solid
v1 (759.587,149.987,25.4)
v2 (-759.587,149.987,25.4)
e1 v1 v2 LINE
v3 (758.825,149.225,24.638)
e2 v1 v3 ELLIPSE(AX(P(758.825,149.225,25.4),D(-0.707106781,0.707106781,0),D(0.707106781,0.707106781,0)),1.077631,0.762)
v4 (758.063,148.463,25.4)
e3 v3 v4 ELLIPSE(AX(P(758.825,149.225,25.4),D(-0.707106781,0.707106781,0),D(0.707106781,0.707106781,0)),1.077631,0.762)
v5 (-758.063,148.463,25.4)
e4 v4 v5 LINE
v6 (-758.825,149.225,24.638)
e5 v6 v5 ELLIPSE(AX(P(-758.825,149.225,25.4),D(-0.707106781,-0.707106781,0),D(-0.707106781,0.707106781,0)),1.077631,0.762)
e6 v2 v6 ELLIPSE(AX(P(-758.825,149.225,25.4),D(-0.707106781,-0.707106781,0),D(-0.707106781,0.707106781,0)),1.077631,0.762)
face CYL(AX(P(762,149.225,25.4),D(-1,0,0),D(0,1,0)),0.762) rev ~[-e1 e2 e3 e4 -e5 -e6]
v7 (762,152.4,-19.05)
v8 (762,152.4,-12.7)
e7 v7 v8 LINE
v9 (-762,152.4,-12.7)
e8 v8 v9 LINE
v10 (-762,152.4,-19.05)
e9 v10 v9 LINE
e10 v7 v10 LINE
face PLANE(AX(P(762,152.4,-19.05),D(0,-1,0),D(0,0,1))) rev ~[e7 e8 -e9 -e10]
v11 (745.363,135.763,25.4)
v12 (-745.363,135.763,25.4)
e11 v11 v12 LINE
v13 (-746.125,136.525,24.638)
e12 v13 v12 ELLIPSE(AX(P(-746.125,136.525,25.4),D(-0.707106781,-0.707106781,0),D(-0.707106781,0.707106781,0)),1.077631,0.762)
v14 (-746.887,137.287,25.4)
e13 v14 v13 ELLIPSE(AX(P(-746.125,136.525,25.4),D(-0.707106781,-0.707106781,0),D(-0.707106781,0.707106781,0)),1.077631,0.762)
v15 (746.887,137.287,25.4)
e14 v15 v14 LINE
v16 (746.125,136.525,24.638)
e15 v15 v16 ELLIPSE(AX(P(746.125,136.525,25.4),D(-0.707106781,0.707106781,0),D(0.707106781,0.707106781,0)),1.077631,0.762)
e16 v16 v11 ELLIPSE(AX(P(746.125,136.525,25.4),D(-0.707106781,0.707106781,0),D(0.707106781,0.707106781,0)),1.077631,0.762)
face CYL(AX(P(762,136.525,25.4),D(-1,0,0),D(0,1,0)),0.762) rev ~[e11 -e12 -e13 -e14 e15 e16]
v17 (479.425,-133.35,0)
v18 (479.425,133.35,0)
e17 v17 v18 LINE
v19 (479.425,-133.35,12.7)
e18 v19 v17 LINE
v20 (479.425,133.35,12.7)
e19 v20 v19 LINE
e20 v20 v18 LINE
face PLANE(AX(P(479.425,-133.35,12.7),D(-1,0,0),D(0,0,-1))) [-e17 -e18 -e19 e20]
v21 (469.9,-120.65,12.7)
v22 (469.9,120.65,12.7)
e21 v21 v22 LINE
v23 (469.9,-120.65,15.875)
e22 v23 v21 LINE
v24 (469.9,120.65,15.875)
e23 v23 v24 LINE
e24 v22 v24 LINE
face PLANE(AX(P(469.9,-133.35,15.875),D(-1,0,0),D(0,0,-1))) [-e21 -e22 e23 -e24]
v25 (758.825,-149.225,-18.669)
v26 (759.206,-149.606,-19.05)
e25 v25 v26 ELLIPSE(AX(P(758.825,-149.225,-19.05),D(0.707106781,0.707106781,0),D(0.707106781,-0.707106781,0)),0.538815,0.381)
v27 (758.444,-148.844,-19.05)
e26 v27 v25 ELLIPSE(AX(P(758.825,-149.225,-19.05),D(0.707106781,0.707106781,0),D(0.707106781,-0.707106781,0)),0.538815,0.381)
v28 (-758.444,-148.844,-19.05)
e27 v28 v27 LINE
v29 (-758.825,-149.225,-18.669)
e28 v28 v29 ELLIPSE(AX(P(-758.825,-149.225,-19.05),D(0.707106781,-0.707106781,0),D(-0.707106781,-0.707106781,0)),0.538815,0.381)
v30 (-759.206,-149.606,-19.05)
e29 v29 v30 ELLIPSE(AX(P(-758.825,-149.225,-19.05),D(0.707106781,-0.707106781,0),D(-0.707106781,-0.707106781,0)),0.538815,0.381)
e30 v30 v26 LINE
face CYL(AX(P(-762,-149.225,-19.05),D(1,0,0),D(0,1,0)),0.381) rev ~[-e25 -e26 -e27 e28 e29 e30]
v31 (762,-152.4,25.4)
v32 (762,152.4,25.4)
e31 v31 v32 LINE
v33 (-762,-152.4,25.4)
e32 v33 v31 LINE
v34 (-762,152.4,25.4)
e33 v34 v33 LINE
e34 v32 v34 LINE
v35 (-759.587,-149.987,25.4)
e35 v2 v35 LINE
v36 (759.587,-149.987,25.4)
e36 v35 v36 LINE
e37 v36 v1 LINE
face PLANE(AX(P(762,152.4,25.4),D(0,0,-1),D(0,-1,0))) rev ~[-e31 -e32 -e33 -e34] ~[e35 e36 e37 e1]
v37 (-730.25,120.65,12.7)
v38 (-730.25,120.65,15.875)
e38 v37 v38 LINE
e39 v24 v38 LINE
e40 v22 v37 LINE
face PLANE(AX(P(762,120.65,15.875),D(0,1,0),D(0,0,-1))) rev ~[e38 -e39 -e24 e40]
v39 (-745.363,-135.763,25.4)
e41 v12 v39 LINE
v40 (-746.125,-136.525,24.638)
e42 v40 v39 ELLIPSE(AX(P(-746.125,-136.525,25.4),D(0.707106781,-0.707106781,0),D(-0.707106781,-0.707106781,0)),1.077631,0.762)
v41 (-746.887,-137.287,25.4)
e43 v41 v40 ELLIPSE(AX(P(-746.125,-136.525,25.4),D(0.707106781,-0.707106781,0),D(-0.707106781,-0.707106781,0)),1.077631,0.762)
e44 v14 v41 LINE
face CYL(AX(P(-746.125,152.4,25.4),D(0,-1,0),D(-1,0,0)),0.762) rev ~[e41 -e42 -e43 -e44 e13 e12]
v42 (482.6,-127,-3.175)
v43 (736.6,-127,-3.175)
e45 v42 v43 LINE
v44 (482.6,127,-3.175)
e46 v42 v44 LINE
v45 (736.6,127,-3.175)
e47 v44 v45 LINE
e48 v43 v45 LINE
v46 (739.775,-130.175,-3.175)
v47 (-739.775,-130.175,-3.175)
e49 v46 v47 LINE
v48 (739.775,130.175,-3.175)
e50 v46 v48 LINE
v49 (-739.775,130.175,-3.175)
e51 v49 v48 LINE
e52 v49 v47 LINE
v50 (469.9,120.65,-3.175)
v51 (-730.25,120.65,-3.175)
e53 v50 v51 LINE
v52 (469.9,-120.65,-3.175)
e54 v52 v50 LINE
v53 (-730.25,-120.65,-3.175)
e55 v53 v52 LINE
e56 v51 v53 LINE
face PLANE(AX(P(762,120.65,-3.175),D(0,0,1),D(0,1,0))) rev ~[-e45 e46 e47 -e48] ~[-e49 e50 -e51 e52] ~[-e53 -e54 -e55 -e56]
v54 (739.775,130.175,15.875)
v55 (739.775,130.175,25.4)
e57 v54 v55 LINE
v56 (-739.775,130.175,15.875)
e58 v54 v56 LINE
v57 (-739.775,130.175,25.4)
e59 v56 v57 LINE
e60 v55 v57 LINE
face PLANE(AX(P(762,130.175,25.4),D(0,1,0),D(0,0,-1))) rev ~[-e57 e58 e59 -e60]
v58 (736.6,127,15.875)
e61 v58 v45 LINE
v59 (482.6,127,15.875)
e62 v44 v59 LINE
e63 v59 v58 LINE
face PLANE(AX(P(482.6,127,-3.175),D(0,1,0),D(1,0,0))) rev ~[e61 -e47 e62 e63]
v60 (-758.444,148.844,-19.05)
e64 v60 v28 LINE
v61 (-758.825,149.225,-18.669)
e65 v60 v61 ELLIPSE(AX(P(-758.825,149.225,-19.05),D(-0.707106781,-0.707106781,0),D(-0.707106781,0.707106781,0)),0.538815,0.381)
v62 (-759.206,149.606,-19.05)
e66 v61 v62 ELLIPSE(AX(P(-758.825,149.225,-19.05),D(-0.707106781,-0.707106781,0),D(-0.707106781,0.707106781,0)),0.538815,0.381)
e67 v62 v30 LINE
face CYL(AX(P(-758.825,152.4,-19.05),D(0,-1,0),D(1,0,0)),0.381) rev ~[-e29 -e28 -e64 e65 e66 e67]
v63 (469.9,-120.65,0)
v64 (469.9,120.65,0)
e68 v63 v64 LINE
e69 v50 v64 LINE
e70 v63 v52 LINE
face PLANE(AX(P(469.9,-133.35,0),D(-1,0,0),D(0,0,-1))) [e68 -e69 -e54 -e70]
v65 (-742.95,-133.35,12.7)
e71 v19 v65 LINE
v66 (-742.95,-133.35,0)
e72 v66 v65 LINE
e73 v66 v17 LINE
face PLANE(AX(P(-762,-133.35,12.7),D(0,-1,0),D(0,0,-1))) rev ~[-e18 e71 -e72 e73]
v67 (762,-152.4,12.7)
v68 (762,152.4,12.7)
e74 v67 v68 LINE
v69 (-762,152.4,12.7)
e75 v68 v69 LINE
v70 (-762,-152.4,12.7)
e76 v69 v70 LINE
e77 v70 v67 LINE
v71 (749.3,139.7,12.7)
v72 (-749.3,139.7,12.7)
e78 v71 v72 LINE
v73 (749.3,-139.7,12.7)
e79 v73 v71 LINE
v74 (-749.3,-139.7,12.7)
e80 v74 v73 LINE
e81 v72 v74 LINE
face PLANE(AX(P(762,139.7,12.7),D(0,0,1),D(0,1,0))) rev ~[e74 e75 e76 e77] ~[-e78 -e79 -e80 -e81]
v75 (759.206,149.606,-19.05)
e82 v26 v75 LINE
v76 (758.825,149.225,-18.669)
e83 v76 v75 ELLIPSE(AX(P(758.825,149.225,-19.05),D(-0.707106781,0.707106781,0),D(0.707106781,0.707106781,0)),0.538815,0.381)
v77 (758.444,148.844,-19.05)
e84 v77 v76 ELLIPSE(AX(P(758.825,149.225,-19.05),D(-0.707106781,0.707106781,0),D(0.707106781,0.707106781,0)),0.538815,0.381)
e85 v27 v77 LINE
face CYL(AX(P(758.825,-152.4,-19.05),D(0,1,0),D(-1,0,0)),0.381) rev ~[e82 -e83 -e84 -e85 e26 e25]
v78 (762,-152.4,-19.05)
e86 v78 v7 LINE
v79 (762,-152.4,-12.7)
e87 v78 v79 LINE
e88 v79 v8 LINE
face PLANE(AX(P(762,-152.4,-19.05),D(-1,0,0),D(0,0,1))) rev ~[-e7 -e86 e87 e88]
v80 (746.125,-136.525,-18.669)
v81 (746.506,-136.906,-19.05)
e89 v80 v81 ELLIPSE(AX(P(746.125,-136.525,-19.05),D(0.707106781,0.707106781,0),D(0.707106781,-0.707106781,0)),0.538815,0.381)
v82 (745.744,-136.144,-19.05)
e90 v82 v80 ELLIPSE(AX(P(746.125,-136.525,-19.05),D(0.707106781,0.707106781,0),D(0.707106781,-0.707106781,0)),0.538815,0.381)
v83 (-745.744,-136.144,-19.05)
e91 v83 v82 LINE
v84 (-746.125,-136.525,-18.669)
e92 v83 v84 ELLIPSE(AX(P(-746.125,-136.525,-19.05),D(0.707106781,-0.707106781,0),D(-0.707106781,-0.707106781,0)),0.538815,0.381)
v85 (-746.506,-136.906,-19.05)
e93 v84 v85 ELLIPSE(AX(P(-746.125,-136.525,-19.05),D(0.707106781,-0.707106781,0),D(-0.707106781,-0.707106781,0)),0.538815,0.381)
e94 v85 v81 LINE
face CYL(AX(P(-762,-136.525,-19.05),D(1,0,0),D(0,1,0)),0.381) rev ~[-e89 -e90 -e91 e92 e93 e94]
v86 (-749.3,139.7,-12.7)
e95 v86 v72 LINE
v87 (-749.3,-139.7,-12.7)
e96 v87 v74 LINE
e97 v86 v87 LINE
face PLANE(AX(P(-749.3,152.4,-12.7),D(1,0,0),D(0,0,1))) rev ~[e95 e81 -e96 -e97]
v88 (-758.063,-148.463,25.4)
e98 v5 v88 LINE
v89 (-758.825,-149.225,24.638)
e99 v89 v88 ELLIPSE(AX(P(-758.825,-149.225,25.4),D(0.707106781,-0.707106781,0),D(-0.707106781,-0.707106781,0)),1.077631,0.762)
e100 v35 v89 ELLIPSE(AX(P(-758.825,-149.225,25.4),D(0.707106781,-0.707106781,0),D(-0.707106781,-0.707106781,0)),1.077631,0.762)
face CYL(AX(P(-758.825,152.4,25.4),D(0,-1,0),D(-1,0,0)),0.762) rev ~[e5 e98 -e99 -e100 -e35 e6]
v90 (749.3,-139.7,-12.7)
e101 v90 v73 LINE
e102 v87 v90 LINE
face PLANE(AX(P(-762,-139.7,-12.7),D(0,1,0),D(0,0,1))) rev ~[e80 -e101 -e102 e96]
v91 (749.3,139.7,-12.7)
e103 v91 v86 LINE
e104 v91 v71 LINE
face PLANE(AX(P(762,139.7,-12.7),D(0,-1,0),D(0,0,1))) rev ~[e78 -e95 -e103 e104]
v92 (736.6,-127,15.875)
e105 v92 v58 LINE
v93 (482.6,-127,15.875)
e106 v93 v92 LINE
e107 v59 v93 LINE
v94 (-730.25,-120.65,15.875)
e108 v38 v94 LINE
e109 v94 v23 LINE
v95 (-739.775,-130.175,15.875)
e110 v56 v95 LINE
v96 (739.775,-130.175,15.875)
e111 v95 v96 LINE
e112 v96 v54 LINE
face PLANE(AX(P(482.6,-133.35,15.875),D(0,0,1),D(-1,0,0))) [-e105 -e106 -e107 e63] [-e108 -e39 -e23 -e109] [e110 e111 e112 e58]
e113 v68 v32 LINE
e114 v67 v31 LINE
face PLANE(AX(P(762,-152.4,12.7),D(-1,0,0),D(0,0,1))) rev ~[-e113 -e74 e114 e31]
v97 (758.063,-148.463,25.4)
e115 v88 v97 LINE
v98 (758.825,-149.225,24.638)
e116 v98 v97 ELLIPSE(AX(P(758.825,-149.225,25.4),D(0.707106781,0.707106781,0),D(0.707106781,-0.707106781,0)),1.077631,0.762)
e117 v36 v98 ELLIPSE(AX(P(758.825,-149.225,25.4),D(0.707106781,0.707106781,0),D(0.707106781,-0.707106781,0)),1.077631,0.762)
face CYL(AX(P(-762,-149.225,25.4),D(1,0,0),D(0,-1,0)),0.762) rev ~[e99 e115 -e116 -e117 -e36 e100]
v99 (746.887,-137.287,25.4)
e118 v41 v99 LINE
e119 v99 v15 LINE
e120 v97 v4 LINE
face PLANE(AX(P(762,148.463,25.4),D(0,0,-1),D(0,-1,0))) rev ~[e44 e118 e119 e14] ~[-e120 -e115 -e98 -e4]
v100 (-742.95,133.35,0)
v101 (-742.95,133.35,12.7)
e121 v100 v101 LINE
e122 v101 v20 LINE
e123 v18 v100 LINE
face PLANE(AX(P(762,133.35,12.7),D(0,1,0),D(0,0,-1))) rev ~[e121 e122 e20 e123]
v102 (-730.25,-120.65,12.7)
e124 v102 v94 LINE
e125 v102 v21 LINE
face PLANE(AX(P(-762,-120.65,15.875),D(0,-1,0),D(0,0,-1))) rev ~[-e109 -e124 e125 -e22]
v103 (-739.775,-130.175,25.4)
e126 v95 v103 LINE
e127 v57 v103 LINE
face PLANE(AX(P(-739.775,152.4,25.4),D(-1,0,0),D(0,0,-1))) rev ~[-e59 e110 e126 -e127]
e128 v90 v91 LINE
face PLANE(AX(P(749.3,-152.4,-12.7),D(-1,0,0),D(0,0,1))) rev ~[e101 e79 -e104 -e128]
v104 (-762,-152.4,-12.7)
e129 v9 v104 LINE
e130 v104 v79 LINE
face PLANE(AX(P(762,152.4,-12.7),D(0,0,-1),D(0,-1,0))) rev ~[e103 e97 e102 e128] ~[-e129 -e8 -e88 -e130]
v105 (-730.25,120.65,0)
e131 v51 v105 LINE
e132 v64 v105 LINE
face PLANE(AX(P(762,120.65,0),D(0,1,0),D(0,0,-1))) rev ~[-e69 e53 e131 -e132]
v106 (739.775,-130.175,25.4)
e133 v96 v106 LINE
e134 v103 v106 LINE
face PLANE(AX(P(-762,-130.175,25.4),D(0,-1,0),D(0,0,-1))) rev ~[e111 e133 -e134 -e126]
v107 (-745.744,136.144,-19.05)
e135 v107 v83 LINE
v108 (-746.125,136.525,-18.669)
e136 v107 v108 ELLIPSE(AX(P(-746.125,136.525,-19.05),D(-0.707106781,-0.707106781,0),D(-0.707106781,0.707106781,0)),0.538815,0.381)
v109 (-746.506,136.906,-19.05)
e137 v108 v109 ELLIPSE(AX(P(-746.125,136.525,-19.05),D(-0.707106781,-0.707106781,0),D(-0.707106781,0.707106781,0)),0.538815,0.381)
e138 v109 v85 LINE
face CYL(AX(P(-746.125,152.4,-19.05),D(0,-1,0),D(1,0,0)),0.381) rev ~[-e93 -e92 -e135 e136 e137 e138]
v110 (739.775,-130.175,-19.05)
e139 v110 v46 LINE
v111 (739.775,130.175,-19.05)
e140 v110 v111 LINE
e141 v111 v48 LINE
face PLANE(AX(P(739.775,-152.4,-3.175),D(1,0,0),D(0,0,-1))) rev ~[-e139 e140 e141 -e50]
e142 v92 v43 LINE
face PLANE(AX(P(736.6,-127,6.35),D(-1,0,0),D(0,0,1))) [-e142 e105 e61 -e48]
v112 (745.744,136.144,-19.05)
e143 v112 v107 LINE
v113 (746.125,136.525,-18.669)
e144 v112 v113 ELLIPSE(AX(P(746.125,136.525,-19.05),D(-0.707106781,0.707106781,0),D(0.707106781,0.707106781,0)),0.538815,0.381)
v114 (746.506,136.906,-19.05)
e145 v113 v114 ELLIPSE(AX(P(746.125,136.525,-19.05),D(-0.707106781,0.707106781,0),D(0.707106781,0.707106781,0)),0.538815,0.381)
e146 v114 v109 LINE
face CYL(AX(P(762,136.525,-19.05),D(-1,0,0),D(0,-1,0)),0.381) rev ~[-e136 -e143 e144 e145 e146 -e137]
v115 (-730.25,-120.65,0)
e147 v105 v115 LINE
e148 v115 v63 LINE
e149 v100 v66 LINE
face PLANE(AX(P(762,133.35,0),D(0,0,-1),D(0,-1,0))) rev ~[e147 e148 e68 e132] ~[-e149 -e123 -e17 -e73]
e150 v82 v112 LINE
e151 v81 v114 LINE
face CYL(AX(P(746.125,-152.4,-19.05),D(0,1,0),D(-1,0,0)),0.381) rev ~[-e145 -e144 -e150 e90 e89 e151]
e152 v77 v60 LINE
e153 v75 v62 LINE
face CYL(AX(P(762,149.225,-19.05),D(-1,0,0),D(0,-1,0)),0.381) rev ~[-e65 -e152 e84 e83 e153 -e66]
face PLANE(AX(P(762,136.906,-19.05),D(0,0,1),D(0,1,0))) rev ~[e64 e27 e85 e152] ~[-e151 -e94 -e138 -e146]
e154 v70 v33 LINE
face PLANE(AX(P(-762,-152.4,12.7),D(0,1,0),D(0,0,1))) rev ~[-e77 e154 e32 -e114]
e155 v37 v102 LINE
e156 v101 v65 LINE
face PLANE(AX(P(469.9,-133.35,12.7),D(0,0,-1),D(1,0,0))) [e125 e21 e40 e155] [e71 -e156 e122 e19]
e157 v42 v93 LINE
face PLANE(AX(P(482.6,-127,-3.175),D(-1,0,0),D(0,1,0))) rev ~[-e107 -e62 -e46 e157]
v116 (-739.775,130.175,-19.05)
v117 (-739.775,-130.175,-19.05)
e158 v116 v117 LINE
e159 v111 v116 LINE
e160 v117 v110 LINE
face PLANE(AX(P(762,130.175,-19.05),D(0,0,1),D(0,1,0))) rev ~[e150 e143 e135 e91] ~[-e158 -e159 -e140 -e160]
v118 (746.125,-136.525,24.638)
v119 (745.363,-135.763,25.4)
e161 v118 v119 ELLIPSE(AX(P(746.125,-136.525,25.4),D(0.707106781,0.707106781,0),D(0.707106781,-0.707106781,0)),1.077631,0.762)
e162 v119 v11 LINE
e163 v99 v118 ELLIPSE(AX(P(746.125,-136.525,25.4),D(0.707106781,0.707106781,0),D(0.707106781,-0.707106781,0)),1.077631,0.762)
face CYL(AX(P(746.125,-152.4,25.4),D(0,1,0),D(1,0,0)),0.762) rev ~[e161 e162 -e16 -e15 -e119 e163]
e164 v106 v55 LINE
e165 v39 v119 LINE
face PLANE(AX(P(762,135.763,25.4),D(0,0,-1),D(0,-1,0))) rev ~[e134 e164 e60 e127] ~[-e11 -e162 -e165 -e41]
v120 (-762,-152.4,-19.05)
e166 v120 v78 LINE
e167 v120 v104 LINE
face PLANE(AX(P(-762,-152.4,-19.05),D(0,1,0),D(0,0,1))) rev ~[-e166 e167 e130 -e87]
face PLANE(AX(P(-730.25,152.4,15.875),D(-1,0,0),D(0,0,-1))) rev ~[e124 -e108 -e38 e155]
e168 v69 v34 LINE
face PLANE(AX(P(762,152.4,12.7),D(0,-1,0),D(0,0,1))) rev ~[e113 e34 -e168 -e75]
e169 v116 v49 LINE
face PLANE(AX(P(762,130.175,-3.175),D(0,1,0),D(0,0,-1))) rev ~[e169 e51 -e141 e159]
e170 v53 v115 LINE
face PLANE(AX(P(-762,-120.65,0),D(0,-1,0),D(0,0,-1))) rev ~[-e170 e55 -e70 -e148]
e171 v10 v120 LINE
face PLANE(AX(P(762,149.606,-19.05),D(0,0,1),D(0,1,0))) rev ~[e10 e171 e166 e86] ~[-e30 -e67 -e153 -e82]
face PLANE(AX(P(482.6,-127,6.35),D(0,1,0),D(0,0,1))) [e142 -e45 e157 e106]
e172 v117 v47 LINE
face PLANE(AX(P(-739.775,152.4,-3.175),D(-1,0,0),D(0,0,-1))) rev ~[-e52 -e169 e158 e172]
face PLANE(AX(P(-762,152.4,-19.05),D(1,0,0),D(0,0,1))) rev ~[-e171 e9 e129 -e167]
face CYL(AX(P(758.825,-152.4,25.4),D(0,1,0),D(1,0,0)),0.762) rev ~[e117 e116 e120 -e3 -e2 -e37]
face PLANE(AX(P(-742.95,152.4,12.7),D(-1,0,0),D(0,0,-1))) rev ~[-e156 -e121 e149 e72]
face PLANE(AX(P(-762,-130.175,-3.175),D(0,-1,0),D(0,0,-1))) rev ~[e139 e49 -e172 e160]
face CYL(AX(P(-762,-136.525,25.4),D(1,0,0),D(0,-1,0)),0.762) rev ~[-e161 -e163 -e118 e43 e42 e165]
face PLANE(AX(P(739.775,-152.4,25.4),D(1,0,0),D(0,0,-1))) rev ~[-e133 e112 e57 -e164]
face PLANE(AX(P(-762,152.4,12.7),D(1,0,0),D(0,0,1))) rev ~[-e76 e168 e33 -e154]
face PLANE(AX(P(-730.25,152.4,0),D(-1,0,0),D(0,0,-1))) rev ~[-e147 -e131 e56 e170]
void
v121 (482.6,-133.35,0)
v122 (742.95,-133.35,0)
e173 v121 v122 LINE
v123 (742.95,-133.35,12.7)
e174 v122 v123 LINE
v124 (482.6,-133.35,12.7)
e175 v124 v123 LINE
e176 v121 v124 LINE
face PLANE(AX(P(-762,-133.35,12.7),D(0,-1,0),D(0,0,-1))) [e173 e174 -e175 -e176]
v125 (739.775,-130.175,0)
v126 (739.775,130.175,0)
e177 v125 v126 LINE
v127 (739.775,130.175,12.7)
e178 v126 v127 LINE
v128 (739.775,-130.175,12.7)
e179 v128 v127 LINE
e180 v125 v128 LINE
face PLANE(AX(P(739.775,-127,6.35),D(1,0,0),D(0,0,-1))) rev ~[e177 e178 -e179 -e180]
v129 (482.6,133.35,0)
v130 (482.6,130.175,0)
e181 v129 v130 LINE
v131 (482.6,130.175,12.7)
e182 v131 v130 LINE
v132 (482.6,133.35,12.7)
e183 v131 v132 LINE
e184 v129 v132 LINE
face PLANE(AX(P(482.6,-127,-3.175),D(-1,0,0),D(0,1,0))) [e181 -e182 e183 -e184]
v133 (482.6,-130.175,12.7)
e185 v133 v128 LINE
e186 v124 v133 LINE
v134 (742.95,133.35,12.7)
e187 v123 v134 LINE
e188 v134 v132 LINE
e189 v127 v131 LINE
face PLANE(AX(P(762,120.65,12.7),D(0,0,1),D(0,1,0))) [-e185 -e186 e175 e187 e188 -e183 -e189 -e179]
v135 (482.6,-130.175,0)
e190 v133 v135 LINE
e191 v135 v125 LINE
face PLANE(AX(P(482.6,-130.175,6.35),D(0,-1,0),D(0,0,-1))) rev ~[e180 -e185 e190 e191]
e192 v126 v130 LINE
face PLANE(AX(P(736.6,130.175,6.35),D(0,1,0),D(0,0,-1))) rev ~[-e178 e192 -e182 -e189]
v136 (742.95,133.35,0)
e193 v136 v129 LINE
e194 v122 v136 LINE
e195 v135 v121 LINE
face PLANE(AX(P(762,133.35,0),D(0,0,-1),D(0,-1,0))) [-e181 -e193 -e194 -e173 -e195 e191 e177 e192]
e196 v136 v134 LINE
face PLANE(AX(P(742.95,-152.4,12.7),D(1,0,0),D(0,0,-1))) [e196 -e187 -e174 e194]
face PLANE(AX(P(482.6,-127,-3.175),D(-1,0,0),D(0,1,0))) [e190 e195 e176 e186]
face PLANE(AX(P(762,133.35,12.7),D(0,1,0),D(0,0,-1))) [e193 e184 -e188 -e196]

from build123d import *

# Parameters (mm, degrees)
CUT_EXTRUDE1_START  = -19.05
SKETCH3_W           = 254
SKETCH3_H           = 254
CUT_EXTRUDE1_DEPTH  = 19.05
BOSS_EXTRUDE1_DEPTH = 266.7
SKETCH7_W           = 12.7
SKETCH7_H           = 3.175


with BuildPart() as part:
    # Sweep1: sweep along a path in Sketch2
    with BuildLine(Plane.XY) as sweep1_path:
        Line((762, 152.4), (-762, 152.4))
        Line((-762, 152.4), (-762, -152.4))
        Line((-762, -152.4), (762, -152.4))
        Line((762, -152.4), (762, 152.4))
    # Sketch1 → Sweep1 (sweep)
    with BuildSketch(Plane(origin=(0, 0, 0), x_dir=(1, 0, 0), z_dir=(0, 1, 0))):
        with BuildLine():
            Line((-762, -25.4), (-759.587, -25.4))
            ThreePointArc((-759.587, -25.4), (-758.825, -24.638), (-758.063, -25.4))
            Line((-758.063, -25.4), (-746.887, -25.4))
            ThreePointArc((-746.887, -25.4), (-746.125, -24.638), (-745.363, -25.4))
            Line((-745.363, -25.4), (-739.775, -25.4))
            Line((-739.775, -25.4), (-739.775, -15.875))
            Line((-739.775, -15.875), (-730.25, -15.875))
            Line((-730.25, -15.875), (-730.25, -12.7))
            Line((-730.25, -12.7), (-742.95, -12.7))
            Line((-742.95, -12.7), (-742.95, 0))
            Line((-742.95, 0), (-730.25, 0))
            Line((-730.25, 0), (-730.25, 3.175))
            Line((-730.25, 3.175), (-739.775, 3.175))
            Line((-739.775, 3.175), (-739.775, 19.05))
            Line((-739.775, 19.05), (-745.744, 19.05))
            ThreePointArc((-745.744, 19.05), (-746.125, 18.669), (-746.506, 19.05))
            Line((-746.506, 19.05), (-758.444, 19.05))
            ThreePointArc((-758.444, 19.05), (-758.825, 18.669), (-759.206, 19.05))
            Line((-759.206, 19.05), (-762, 19.05))
            Line((-762, 19.05), (-762, 12.7))
            Line((-762, 12.7), (-749.3, 12.7))
            Line((-749.3, 12.7), (-749.3, -12.7))
            Line((-749.3, -12.7), (-762, -12.7))
            Line((-762, -12.7), (-762, -25.4))
        make_face()
    sweep(path=sweep1_path.line, transition=Transition.RIGHT)

    # Sketch3 → Cut-Extrude1 (cut)
    with BuildSketch(Plane.XY.offset(15.875).offset(CUT_EXTRUDE1_START)):
        with Locations((609.6, 0)):
            Rectangle(SKETCH3_W, SKETCH3_H)
    extrude(amount=CUT_EXTRUDE1_DEPTH, mode=Mode.SUBTRACT)

    # Sketch6 → Boss-Extrude1 (add)
    with BuildSketch(Plane(origin=(0, -133.35, 0), x_dir=(1, 0, 0), z_dir=(0, 1, 0))):
        Polygon((482.6, 3.175), (482.6, -15.875), (469.9, -15.875), (469.9, -12.7), (479.425, -12.7), (479.425, 0), (469.9, 0), (469.9, 3.175), align=None)
    extrude(amount=BOSS_EXTRUDE1_DEPTH)

    # Sweep2: sweep along a path in Sketch8
    with BuildLine(Plane(origin=(0, 0, -3.175), x_dir=(-1, 0, 0), z_dir=(0, 0, -1))) as sweep2_path:
        Line((-482.6, -127), (-736.6, -127))
        Line((-736.6, -127), (-736.6, 127))
        Line((-736.6, 127), (-482.6, 127))
    # Sketch7 → Sweep2 (sweep)
    with BuildSketch(Plane(origin=(482.6, 0, 0), x_dir=(0, 0, -1), z_dir=(1, 0, 0))):
        with Locations((-6.35, -128.5875)):
            Rectangle(SKETCH7_W, SKETCH7_H)
    sweep(path=sweep2_path.line, transition=Transition.RIGHT)


solid = part.part
